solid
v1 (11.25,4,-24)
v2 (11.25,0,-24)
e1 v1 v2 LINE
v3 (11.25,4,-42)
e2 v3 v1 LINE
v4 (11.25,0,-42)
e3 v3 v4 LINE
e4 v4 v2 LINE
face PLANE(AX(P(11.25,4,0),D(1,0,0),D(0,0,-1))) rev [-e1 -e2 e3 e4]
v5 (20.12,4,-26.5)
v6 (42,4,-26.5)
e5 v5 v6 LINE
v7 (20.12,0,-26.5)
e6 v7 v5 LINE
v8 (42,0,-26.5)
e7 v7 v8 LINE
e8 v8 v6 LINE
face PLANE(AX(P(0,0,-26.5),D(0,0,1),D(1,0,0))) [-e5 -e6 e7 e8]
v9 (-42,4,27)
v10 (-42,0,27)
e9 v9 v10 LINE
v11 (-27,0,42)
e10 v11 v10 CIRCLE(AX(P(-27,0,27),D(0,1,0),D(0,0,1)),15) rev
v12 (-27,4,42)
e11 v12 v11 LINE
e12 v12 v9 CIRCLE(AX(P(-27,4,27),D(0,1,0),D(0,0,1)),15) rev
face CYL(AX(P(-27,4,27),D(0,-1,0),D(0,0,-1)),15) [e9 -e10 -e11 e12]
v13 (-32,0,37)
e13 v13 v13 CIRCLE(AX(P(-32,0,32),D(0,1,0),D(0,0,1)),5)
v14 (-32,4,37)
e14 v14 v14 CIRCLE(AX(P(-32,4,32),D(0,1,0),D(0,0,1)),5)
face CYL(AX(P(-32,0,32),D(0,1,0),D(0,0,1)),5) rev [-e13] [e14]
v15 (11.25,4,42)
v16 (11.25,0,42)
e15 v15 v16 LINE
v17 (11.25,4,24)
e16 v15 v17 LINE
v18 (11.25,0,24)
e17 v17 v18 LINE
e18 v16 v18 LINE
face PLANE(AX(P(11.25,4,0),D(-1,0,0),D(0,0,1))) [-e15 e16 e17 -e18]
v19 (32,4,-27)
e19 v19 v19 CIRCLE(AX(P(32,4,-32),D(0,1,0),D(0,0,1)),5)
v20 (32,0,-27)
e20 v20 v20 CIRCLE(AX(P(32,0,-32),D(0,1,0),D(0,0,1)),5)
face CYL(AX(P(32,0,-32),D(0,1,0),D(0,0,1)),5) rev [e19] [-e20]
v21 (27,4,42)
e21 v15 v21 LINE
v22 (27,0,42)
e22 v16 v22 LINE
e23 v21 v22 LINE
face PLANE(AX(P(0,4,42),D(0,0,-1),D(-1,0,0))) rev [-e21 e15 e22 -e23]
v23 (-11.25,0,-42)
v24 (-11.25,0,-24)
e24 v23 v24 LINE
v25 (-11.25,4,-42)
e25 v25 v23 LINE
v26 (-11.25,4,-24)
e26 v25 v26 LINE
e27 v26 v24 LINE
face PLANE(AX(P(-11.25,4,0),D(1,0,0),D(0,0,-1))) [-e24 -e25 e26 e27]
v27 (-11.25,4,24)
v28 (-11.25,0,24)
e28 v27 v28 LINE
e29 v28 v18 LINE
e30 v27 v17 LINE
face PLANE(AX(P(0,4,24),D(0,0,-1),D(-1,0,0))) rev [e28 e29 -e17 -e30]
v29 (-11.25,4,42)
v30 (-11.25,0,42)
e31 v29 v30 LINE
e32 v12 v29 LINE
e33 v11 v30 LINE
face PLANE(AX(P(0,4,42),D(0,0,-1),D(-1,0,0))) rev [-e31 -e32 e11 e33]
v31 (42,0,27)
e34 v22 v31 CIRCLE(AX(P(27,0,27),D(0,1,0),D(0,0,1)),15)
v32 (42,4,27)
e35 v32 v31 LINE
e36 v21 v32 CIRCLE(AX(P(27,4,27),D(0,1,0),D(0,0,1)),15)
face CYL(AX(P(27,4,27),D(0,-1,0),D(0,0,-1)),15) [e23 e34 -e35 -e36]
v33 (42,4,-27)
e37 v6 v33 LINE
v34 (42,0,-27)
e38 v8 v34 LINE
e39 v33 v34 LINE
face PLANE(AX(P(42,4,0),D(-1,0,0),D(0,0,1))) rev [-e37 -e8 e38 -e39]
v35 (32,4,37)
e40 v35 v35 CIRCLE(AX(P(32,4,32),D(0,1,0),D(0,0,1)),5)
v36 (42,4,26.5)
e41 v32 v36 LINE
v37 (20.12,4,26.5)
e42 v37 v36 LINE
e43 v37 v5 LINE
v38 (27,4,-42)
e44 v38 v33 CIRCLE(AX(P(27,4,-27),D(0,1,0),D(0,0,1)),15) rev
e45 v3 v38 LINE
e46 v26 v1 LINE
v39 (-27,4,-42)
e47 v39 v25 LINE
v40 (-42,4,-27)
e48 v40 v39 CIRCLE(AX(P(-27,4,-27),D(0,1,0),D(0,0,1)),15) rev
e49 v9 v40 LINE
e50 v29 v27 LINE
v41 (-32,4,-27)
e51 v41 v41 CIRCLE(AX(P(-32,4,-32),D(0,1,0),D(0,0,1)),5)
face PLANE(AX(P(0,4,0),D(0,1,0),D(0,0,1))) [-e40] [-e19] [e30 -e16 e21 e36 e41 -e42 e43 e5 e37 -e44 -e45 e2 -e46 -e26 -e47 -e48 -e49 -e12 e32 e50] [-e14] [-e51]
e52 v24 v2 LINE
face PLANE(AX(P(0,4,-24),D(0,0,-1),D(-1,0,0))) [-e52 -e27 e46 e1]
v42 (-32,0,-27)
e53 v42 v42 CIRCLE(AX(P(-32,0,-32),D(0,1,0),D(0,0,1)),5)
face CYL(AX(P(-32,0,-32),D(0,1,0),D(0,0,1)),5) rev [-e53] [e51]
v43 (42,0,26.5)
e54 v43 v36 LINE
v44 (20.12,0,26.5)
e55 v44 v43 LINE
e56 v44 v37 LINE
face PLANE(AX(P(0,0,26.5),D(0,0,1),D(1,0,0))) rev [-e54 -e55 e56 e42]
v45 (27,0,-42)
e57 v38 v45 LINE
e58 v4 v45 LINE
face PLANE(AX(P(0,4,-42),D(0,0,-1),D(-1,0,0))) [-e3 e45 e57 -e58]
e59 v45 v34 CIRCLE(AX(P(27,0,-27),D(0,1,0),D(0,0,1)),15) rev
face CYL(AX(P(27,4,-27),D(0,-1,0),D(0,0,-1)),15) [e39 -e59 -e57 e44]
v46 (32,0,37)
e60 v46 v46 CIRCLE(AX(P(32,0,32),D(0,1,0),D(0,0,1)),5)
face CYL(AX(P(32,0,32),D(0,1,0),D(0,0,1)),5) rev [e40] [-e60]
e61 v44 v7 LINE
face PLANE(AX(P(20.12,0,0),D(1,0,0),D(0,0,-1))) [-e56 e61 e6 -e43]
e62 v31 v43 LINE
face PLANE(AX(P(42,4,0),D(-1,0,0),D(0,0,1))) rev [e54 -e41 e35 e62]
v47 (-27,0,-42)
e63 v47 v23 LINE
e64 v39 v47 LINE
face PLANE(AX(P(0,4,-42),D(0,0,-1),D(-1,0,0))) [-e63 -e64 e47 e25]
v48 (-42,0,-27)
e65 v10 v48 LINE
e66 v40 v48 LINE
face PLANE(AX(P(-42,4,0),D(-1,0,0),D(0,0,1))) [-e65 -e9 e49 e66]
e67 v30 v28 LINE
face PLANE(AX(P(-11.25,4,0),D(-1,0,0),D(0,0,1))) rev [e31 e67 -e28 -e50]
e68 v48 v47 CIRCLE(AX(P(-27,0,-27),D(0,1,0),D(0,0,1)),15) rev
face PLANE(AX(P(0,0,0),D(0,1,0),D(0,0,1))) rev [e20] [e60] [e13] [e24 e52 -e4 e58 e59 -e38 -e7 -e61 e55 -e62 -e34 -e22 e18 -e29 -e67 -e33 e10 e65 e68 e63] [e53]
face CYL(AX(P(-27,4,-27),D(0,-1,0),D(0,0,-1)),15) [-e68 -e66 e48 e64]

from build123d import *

# Parameters (mm, degrees)
BOSS_EXTRUDE1_DEPTH = 4
SKETCH4_W           = 21.88
SKETCH4_H           = 53
SKETCH4_R           = 5
CUT_EXTRUDE1_DEPTH  = 4


with BuildPart() as part:
    # Layer1 → Boss-Extrude1 (new body)
    with BuildSketch(Plane(origin=(0, 0, 0), x_dir=(1, 0, 0), z_dir=(0, 1, 0))):
        with BuildLine():
            Line((27, 42), (11.25, 42))
            Line((11.25, 42), (11.25, 24))
            Line((11.25, 24), (-11.25, 24))
            Line((-11.25, 24), (-11.25, 42))
            Line((-11.25, 42), (-27, 42))
            ThreePointArc((-27, 42), (-37.606601718, 37.606601718), (-42, 27))
            Line((-42, 27), (-42, 21.5))
            Line((-42, 21.5), (-42, -21.5))
            Line((-42, -21.5), (-42, -27))
            ThreePointArc((-42, -27), (-37.606601718, -37.606601718), (-27, -42))
            Line((-27, -42), (-11.25, -42))
            Line((-11.25, -42), (-11.25, -24))
            Line((-11.25, -24), (11.25, -24))
            Line((11.25, -24), (11.25, -42))
            Line((11.25, -42), (27, -42))
            ThreePointArc((27, -42), (37.606601718, -37.606601718), (42, -27))
            Line((42, -27), (42, 27))
            ThreePointArc((42, 27), (37.606601718, 37.606601718), (27, 42))
        make_face()
    extrude(amount=BOSS_EXTRUDE1_DEPTH)

    # Sketch4 → Cut-Extrude1 (cut)
    with BuildSketch(Plane(origin=(0, 4, 0), x_dir=(1, 0, 0), z_dir=(0, 1, 0))):
        with Locations((31.06, 0)):
            Rectangle(SKETCH4_W, SKETCH4_H)
        with Locations((32, 32)):
            Circle(SKETCH4_R)
        with Locations((-32, 32)):
            Circle(SKETCH4_R)
        with Locations((-32, -32)):
            Circle(SKETCH4_R)
        with Locations((32, -32)):
            Circle(SKETCH4_R)
    extrude(amount=-CUT_EXTRUDE1_DEPTH, mode=Mode.SUBTRACT)


solid = part.part
